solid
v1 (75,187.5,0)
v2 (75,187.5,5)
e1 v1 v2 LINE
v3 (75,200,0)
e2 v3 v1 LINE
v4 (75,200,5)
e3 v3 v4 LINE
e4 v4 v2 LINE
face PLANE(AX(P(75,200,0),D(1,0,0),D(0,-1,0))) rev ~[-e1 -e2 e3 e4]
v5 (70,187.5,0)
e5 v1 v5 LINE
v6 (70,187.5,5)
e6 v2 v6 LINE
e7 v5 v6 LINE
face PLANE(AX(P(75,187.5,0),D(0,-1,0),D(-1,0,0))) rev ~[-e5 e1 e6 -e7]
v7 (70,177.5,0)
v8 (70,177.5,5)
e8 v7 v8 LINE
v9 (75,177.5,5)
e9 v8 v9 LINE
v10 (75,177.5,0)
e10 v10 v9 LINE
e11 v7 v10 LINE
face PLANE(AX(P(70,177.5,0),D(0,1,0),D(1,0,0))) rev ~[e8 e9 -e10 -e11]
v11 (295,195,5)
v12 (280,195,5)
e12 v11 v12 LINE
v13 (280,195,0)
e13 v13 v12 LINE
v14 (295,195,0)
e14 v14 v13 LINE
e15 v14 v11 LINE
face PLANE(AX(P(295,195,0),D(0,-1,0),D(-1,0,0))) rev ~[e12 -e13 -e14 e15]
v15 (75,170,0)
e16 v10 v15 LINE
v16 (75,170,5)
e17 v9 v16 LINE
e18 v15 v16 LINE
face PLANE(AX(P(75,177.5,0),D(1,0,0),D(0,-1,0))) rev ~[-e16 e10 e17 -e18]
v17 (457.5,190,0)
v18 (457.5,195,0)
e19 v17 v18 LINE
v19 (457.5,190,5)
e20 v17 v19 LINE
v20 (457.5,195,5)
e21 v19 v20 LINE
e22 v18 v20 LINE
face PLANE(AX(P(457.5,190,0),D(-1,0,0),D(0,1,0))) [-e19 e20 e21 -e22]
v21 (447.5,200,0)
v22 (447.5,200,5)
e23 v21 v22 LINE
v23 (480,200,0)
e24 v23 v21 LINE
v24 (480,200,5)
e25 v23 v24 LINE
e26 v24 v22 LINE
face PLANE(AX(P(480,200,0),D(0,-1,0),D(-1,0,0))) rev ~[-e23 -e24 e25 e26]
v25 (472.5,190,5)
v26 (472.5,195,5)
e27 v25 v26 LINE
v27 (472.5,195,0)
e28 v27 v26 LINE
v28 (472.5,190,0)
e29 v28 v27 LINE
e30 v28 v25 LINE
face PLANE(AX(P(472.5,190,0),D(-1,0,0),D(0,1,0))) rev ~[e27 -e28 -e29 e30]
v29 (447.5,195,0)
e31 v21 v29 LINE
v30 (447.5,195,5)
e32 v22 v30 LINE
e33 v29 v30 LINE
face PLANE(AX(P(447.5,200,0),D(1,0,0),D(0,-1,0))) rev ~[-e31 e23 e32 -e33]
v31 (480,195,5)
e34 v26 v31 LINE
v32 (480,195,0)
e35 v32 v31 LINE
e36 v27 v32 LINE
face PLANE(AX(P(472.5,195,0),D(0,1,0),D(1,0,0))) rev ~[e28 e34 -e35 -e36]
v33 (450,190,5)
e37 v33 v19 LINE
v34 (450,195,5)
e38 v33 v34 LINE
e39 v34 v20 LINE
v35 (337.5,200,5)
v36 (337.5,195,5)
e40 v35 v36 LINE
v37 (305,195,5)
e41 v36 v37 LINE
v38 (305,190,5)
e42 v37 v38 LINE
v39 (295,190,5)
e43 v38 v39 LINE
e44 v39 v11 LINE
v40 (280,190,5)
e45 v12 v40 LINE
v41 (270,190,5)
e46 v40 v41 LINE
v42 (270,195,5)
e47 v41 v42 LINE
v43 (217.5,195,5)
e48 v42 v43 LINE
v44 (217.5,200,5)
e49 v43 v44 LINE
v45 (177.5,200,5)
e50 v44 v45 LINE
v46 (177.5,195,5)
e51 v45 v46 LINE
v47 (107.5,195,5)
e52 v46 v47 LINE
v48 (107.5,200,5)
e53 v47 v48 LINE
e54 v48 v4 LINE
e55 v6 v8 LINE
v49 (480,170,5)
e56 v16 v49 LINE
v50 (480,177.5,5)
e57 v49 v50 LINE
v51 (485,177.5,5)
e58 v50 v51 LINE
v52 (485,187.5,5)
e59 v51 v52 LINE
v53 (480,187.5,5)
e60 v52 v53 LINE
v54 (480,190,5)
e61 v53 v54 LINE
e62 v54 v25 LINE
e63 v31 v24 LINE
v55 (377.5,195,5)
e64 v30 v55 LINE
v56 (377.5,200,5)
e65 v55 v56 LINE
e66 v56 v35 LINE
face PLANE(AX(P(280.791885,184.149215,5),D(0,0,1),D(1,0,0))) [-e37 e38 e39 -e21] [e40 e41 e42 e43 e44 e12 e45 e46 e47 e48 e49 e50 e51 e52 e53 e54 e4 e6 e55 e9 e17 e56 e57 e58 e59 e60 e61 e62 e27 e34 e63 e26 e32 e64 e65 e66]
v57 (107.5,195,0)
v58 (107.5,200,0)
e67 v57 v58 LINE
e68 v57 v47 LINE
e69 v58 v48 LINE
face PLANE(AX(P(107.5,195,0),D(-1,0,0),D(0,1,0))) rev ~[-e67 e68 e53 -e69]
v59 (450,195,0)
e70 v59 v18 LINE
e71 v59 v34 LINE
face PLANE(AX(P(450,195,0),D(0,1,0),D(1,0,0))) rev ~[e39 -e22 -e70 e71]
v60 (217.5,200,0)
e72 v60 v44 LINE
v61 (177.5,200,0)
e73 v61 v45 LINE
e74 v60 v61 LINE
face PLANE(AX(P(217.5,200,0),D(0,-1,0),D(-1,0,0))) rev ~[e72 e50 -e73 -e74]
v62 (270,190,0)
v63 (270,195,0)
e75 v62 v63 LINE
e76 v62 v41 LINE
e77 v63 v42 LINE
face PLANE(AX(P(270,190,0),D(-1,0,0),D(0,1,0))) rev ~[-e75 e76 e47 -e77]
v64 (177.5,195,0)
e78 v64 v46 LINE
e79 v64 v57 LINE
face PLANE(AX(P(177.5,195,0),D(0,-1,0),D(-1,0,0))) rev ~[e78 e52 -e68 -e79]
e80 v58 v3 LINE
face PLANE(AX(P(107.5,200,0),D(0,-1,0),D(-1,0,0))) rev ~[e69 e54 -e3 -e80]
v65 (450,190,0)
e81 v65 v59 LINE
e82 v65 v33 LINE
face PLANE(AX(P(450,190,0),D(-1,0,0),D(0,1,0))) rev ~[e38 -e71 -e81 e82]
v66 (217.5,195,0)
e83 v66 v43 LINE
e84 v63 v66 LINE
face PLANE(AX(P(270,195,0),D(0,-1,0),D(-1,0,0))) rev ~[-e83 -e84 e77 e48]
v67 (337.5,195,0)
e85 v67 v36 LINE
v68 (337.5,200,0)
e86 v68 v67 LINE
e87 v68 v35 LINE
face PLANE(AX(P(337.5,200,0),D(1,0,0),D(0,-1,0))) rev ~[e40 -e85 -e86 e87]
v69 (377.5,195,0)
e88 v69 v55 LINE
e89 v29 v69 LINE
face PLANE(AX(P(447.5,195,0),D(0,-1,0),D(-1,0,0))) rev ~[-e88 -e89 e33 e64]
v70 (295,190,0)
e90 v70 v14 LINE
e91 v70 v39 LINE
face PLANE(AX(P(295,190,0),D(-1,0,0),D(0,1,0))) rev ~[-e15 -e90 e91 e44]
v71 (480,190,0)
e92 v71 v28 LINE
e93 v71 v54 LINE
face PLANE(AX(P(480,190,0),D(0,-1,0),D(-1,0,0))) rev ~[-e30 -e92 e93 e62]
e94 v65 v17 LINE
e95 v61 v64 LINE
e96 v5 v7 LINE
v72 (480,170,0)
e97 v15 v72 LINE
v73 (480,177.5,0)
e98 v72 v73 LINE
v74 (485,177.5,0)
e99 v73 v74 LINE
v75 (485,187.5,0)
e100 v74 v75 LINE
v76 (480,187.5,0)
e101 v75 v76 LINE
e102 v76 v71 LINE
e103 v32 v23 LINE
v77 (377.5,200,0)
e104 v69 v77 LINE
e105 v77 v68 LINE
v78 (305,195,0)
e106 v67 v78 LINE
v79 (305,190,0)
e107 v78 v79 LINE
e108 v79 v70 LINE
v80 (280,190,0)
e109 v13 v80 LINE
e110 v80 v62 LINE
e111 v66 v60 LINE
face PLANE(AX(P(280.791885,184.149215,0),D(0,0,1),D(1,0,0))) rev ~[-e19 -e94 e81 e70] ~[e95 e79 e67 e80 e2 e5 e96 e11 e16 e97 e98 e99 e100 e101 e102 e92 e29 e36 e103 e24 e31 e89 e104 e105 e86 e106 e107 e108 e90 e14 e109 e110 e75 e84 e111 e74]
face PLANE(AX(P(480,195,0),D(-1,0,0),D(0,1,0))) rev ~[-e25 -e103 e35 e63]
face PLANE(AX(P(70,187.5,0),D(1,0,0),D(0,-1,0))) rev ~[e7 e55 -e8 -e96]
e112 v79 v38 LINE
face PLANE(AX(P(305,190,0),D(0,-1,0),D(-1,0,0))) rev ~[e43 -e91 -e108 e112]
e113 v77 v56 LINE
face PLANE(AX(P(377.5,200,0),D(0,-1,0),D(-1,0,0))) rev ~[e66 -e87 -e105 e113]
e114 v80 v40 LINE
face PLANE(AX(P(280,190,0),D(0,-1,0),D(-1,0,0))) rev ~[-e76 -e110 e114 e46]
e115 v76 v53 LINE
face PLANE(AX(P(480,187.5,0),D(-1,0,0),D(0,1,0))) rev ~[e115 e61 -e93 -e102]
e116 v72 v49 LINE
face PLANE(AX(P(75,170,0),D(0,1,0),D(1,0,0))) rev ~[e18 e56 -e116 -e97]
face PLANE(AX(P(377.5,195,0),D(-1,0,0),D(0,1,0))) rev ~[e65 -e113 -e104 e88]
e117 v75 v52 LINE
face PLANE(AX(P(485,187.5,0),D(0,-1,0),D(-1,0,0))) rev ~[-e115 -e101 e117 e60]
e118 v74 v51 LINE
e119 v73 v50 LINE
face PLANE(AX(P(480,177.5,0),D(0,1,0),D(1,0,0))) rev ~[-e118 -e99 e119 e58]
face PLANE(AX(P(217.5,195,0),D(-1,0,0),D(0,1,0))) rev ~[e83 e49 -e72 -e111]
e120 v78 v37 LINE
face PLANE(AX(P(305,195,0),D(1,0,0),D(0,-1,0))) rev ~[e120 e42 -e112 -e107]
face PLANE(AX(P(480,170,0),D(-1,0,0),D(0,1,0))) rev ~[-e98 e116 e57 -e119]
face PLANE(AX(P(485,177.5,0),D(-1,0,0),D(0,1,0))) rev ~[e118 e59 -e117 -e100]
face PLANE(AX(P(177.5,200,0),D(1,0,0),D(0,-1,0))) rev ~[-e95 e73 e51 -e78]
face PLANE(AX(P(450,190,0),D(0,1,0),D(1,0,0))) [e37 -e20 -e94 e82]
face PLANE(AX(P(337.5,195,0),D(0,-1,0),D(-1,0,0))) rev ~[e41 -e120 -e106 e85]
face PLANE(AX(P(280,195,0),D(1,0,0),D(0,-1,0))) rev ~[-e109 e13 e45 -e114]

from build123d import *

# Parameters (mm, degrees)
SKETCH1_W           = 7.5
SKETCH1_H           = 5
BOSS_EXTRUDE1_DEPTH = 5


with BuildPart() as part:
    # Sketch1 → Boss-Extrude1 (new body)
    with BuildSketch(Plane.XY):
        Polygon((480, 177.5), (485, 177.5), (485, 187.5), (480, 187.5), (480, 190), (472.5, 190), (472.5, 195), (480, 195), (480, 200), (447.5, 200), (447.5, 195), (377.5, 195), (377.5, 200), (337.5, 200), (337.5, 195), (305, 195), (305, 190), (295, 190), (295, 195), (280, 195), (280, 190), (270, 190), (270, 195), (217.5, 195), (217.5, 200), (177.5, 200), (177.5, 195), (107.5, 195), (107.5, 200), (75, 200), (75, 195), (75, 187.5), (70, 187.5), (70, 177.5), (75, 177.5), (75, 170), (480, 170), align=None)
        with Locations((453.75, 192.5)):
            Rectangle(SKETCH1_W, SKETCH1_H, mode=Mode.SUBTRACT)
    extrude(amount=BOSS_EXTRUDE1_DEPTH)


solid = part.part
